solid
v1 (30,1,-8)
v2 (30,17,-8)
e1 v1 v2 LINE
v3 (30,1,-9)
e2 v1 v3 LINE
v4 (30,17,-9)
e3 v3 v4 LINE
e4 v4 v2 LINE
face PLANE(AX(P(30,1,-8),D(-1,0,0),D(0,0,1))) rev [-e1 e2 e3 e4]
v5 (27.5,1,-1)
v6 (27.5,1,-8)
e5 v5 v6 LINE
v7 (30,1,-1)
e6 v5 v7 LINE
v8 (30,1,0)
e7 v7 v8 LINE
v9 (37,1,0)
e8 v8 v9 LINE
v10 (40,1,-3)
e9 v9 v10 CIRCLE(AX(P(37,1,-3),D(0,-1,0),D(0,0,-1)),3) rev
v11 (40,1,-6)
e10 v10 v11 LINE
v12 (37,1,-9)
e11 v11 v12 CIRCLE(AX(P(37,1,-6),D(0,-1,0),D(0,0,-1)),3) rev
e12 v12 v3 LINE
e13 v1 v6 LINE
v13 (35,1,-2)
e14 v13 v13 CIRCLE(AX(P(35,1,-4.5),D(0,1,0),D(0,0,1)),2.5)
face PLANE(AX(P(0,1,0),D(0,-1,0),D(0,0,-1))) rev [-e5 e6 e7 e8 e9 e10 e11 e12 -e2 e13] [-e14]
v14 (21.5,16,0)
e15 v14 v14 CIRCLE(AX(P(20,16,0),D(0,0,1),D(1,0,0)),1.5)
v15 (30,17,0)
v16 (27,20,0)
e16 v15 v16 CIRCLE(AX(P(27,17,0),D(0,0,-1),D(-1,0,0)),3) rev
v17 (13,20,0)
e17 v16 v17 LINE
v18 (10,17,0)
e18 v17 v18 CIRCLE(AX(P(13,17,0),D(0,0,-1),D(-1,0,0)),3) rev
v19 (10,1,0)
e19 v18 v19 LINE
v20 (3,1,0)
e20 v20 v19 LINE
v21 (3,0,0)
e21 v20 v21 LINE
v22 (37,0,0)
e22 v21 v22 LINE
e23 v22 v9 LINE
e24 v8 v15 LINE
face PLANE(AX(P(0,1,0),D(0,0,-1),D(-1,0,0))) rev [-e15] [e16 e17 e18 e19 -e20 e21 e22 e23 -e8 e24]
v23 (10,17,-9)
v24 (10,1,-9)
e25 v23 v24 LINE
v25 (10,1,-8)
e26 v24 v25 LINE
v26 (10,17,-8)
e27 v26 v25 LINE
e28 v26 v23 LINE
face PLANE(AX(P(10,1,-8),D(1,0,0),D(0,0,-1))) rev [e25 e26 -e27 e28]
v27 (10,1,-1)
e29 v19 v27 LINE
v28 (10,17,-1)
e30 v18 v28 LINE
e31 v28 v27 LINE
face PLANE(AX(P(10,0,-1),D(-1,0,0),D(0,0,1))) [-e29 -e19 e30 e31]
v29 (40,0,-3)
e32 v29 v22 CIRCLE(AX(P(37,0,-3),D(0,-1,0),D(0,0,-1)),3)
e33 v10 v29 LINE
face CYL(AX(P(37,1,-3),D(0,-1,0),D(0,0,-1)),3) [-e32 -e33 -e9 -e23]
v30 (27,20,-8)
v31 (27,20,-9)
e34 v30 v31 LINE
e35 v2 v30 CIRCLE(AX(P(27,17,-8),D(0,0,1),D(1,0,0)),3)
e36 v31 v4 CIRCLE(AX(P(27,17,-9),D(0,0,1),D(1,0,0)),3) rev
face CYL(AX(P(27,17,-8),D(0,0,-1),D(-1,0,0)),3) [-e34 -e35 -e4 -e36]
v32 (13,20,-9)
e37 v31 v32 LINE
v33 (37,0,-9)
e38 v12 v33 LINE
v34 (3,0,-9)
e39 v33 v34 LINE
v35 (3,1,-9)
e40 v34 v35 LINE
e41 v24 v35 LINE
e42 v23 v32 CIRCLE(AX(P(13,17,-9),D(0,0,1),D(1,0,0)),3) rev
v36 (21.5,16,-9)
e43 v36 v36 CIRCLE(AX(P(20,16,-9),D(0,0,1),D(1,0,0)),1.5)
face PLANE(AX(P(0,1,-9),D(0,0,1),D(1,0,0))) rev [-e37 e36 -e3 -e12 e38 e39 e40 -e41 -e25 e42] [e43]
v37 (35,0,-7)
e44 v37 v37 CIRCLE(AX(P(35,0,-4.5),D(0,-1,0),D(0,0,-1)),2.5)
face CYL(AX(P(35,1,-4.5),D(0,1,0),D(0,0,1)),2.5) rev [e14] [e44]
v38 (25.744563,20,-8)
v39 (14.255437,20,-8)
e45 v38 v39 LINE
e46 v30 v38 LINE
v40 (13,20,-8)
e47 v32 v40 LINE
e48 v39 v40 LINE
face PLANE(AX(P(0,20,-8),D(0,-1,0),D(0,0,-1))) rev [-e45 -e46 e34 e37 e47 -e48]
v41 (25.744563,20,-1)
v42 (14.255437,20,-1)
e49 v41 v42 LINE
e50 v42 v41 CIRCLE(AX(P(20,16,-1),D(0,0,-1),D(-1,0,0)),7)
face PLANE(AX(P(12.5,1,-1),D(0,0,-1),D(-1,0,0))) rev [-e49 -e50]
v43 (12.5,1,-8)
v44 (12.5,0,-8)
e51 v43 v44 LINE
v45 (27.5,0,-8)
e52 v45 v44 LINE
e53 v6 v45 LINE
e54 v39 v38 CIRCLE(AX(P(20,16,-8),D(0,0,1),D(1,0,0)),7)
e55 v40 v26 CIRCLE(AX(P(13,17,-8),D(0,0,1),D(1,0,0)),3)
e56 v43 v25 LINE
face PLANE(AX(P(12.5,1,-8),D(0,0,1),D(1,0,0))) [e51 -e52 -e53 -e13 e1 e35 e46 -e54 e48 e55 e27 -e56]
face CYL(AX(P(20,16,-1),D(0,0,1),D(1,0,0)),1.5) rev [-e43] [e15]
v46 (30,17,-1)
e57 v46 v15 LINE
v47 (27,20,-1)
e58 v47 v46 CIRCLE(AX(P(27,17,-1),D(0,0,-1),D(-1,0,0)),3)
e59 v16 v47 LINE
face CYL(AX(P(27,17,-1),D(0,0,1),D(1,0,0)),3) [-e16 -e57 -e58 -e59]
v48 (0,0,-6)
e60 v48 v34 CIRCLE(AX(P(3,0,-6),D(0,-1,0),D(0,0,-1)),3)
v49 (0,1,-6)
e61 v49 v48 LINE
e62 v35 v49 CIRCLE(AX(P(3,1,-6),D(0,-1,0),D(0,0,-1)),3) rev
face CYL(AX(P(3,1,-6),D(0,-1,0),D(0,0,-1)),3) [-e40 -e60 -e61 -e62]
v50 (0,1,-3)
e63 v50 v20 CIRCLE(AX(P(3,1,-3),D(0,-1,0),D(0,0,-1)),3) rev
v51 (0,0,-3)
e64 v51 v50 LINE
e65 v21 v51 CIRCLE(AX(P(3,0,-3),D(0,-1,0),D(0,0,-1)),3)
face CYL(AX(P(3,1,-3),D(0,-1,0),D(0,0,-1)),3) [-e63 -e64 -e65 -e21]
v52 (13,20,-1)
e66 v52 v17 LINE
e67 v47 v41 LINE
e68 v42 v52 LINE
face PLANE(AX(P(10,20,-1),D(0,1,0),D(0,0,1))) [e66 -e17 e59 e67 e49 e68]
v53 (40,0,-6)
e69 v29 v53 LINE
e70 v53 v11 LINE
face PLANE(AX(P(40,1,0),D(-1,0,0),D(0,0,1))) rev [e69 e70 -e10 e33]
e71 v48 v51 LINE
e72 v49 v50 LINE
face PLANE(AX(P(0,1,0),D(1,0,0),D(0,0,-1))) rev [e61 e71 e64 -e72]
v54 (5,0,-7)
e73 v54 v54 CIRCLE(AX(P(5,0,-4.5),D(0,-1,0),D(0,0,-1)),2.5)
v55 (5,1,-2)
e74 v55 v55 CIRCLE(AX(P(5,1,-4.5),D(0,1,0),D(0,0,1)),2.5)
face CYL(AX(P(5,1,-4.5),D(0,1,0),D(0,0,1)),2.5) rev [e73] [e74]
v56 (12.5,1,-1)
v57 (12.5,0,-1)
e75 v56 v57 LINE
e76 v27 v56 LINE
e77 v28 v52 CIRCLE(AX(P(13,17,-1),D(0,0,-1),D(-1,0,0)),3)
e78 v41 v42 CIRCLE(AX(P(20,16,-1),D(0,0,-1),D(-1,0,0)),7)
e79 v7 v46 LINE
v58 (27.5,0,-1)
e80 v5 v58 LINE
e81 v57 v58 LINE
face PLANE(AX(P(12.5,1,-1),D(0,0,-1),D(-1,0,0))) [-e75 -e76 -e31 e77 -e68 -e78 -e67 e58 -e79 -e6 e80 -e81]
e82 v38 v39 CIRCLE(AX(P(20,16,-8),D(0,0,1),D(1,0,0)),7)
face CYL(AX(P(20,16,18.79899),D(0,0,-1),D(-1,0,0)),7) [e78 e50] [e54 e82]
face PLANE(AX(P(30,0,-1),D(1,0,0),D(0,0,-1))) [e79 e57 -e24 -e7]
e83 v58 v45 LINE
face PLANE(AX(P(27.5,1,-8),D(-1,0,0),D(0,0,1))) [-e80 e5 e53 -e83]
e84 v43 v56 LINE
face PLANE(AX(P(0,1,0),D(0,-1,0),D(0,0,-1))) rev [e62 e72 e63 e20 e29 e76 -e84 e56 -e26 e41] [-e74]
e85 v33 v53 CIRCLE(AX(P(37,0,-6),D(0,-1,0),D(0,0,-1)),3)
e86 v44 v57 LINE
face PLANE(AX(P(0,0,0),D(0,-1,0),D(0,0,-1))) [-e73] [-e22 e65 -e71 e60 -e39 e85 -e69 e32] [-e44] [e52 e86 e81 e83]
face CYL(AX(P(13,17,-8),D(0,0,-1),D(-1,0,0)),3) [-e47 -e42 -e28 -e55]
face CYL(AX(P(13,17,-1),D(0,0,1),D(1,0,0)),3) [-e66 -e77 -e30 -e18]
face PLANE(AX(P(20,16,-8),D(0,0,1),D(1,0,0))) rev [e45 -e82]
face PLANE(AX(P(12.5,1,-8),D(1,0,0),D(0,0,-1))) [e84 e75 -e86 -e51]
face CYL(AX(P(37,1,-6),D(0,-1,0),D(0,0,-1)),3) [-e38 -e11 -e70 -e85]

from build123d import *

# Parameters (mm, degrees)
SKETCH_1_W                = 40
SKETCH_1_H                = 9
SKETCH_1_W_2              = 15
SKETCH_1_H_2              = 7
EXTRUDE_1_DEPTH           = 1
SKETCH_2_W                = 20
SKETCH_2_H                = 20
SKETCH_2_R                = 1.5
EXTRUDE_2_DEPTH           = 1
EXTRUDE_START             = -8
SKETCH_2_2_W              = 20
SKETCH_2_2_H              = 20
SKETCH_2_2_R              = 1.5
EXTRUDE_3_DEPTH           = 1
HOLE_WIZARD_5_0_5_1_D     = 5
HOLE_WIZARD_5_0_5_1_DEPTH = 6
EXTRUDE_START_2           = 7
SKETCH_5_R                = 7
SKETCH_5_R_2              = 1.5
EXTRUDE_4_DEPTH           = 7
FILLET_1_R                = 3


with BuildPart() as part:
    # 草图1 → 凸台-拉伸1 (new body)
    with BuildSketch(Plane(origin=(0, 0, 0), x_dir=(1, 0, 0), z_dir=(0, 1, 0))):
        with Locations((20, 4.5)):
            Rectangle(SKETCH_1_W, SKETCH_1_H)
        with Locations((20, 4.5)):
            Rectangle(SKETCH_1_W_2, SKETCH_1_H_2, mode=Mode.SUBTRACT)
    extrude(amount=EXTRUDE_1_DEPTH)

    # 草图2 → 凸台-拉伸2 (add)
    with BuildSketch(Plane.XY):
        with Locations((20, 10)):
            Rectangle(SKETCH_2_W, SKETCH_2_H)
        with Locations((20, 16)):
            Circle(SKETCH_2_R, mode=Mode.SUBTRACT)
    extrude(amount=-EXTRUDE_2_DEPTH)

    # 草图2<2> → 凸台-拉伸3 (add)
    with BuildSketch(Plane.XY.offset(EXTRUDE_START)):
        with Locations((20, 10)):
            Rectangle(SKETCH_2_2_W, SKETCH_2_2_H)
        with Locations((20, 16)):
            Circle(SKETCH_2_2_R, mode=Mode.SUBTRACT)
    extrude(amount=-EXTRUDE_3_DEPTH)

    # Ø5.0 (5) 直径孔1
    with Locations(Plane(origin=(0, 1, 0), x_dir=(1, 0, 0), z_dir=(0, 1, 0))):
        with Locations((35, 4.5), (5, 4.5)):
            Hole(HOLE_WIZARD_5_0_5_1_D / 2, depth=HOLE_WIZARD_5_0_5_1_DEPTH)

    # 草图5 → 凸台-拉伸4 (add)
    with BuildSketch(Plane.XY.offset(-8).offset(EXTRUDE_START_2)):
        with Locations(Location((20, 16, 0), (0, 0, 145.150095421))):
            Circle(SKETCH_5_R)
        with Locations((20, 16)):
            Circle(SKETCH_5_R_2, mode=Mode.SUBTRACT)
    extrude(amount=-EXTRUDE_4_DEPTH)

    # 圆角1
    fillet_1_edges = [part.edges().sort_by_distance(p)[0] for p in [
        (30, 20, -0.5),
        (10, 20, -0.5),
        (10, 20, -8.5),
        (30, 20, -8.5),
        (0, 0.5, -9),
        (40, 0.5, -9),
        (40, 0.5, 0),
        (0, 0.5, 0),
    ]]
    fillet(fillet_1_edges, radius=FILLET_1_R)


solid = part.part
